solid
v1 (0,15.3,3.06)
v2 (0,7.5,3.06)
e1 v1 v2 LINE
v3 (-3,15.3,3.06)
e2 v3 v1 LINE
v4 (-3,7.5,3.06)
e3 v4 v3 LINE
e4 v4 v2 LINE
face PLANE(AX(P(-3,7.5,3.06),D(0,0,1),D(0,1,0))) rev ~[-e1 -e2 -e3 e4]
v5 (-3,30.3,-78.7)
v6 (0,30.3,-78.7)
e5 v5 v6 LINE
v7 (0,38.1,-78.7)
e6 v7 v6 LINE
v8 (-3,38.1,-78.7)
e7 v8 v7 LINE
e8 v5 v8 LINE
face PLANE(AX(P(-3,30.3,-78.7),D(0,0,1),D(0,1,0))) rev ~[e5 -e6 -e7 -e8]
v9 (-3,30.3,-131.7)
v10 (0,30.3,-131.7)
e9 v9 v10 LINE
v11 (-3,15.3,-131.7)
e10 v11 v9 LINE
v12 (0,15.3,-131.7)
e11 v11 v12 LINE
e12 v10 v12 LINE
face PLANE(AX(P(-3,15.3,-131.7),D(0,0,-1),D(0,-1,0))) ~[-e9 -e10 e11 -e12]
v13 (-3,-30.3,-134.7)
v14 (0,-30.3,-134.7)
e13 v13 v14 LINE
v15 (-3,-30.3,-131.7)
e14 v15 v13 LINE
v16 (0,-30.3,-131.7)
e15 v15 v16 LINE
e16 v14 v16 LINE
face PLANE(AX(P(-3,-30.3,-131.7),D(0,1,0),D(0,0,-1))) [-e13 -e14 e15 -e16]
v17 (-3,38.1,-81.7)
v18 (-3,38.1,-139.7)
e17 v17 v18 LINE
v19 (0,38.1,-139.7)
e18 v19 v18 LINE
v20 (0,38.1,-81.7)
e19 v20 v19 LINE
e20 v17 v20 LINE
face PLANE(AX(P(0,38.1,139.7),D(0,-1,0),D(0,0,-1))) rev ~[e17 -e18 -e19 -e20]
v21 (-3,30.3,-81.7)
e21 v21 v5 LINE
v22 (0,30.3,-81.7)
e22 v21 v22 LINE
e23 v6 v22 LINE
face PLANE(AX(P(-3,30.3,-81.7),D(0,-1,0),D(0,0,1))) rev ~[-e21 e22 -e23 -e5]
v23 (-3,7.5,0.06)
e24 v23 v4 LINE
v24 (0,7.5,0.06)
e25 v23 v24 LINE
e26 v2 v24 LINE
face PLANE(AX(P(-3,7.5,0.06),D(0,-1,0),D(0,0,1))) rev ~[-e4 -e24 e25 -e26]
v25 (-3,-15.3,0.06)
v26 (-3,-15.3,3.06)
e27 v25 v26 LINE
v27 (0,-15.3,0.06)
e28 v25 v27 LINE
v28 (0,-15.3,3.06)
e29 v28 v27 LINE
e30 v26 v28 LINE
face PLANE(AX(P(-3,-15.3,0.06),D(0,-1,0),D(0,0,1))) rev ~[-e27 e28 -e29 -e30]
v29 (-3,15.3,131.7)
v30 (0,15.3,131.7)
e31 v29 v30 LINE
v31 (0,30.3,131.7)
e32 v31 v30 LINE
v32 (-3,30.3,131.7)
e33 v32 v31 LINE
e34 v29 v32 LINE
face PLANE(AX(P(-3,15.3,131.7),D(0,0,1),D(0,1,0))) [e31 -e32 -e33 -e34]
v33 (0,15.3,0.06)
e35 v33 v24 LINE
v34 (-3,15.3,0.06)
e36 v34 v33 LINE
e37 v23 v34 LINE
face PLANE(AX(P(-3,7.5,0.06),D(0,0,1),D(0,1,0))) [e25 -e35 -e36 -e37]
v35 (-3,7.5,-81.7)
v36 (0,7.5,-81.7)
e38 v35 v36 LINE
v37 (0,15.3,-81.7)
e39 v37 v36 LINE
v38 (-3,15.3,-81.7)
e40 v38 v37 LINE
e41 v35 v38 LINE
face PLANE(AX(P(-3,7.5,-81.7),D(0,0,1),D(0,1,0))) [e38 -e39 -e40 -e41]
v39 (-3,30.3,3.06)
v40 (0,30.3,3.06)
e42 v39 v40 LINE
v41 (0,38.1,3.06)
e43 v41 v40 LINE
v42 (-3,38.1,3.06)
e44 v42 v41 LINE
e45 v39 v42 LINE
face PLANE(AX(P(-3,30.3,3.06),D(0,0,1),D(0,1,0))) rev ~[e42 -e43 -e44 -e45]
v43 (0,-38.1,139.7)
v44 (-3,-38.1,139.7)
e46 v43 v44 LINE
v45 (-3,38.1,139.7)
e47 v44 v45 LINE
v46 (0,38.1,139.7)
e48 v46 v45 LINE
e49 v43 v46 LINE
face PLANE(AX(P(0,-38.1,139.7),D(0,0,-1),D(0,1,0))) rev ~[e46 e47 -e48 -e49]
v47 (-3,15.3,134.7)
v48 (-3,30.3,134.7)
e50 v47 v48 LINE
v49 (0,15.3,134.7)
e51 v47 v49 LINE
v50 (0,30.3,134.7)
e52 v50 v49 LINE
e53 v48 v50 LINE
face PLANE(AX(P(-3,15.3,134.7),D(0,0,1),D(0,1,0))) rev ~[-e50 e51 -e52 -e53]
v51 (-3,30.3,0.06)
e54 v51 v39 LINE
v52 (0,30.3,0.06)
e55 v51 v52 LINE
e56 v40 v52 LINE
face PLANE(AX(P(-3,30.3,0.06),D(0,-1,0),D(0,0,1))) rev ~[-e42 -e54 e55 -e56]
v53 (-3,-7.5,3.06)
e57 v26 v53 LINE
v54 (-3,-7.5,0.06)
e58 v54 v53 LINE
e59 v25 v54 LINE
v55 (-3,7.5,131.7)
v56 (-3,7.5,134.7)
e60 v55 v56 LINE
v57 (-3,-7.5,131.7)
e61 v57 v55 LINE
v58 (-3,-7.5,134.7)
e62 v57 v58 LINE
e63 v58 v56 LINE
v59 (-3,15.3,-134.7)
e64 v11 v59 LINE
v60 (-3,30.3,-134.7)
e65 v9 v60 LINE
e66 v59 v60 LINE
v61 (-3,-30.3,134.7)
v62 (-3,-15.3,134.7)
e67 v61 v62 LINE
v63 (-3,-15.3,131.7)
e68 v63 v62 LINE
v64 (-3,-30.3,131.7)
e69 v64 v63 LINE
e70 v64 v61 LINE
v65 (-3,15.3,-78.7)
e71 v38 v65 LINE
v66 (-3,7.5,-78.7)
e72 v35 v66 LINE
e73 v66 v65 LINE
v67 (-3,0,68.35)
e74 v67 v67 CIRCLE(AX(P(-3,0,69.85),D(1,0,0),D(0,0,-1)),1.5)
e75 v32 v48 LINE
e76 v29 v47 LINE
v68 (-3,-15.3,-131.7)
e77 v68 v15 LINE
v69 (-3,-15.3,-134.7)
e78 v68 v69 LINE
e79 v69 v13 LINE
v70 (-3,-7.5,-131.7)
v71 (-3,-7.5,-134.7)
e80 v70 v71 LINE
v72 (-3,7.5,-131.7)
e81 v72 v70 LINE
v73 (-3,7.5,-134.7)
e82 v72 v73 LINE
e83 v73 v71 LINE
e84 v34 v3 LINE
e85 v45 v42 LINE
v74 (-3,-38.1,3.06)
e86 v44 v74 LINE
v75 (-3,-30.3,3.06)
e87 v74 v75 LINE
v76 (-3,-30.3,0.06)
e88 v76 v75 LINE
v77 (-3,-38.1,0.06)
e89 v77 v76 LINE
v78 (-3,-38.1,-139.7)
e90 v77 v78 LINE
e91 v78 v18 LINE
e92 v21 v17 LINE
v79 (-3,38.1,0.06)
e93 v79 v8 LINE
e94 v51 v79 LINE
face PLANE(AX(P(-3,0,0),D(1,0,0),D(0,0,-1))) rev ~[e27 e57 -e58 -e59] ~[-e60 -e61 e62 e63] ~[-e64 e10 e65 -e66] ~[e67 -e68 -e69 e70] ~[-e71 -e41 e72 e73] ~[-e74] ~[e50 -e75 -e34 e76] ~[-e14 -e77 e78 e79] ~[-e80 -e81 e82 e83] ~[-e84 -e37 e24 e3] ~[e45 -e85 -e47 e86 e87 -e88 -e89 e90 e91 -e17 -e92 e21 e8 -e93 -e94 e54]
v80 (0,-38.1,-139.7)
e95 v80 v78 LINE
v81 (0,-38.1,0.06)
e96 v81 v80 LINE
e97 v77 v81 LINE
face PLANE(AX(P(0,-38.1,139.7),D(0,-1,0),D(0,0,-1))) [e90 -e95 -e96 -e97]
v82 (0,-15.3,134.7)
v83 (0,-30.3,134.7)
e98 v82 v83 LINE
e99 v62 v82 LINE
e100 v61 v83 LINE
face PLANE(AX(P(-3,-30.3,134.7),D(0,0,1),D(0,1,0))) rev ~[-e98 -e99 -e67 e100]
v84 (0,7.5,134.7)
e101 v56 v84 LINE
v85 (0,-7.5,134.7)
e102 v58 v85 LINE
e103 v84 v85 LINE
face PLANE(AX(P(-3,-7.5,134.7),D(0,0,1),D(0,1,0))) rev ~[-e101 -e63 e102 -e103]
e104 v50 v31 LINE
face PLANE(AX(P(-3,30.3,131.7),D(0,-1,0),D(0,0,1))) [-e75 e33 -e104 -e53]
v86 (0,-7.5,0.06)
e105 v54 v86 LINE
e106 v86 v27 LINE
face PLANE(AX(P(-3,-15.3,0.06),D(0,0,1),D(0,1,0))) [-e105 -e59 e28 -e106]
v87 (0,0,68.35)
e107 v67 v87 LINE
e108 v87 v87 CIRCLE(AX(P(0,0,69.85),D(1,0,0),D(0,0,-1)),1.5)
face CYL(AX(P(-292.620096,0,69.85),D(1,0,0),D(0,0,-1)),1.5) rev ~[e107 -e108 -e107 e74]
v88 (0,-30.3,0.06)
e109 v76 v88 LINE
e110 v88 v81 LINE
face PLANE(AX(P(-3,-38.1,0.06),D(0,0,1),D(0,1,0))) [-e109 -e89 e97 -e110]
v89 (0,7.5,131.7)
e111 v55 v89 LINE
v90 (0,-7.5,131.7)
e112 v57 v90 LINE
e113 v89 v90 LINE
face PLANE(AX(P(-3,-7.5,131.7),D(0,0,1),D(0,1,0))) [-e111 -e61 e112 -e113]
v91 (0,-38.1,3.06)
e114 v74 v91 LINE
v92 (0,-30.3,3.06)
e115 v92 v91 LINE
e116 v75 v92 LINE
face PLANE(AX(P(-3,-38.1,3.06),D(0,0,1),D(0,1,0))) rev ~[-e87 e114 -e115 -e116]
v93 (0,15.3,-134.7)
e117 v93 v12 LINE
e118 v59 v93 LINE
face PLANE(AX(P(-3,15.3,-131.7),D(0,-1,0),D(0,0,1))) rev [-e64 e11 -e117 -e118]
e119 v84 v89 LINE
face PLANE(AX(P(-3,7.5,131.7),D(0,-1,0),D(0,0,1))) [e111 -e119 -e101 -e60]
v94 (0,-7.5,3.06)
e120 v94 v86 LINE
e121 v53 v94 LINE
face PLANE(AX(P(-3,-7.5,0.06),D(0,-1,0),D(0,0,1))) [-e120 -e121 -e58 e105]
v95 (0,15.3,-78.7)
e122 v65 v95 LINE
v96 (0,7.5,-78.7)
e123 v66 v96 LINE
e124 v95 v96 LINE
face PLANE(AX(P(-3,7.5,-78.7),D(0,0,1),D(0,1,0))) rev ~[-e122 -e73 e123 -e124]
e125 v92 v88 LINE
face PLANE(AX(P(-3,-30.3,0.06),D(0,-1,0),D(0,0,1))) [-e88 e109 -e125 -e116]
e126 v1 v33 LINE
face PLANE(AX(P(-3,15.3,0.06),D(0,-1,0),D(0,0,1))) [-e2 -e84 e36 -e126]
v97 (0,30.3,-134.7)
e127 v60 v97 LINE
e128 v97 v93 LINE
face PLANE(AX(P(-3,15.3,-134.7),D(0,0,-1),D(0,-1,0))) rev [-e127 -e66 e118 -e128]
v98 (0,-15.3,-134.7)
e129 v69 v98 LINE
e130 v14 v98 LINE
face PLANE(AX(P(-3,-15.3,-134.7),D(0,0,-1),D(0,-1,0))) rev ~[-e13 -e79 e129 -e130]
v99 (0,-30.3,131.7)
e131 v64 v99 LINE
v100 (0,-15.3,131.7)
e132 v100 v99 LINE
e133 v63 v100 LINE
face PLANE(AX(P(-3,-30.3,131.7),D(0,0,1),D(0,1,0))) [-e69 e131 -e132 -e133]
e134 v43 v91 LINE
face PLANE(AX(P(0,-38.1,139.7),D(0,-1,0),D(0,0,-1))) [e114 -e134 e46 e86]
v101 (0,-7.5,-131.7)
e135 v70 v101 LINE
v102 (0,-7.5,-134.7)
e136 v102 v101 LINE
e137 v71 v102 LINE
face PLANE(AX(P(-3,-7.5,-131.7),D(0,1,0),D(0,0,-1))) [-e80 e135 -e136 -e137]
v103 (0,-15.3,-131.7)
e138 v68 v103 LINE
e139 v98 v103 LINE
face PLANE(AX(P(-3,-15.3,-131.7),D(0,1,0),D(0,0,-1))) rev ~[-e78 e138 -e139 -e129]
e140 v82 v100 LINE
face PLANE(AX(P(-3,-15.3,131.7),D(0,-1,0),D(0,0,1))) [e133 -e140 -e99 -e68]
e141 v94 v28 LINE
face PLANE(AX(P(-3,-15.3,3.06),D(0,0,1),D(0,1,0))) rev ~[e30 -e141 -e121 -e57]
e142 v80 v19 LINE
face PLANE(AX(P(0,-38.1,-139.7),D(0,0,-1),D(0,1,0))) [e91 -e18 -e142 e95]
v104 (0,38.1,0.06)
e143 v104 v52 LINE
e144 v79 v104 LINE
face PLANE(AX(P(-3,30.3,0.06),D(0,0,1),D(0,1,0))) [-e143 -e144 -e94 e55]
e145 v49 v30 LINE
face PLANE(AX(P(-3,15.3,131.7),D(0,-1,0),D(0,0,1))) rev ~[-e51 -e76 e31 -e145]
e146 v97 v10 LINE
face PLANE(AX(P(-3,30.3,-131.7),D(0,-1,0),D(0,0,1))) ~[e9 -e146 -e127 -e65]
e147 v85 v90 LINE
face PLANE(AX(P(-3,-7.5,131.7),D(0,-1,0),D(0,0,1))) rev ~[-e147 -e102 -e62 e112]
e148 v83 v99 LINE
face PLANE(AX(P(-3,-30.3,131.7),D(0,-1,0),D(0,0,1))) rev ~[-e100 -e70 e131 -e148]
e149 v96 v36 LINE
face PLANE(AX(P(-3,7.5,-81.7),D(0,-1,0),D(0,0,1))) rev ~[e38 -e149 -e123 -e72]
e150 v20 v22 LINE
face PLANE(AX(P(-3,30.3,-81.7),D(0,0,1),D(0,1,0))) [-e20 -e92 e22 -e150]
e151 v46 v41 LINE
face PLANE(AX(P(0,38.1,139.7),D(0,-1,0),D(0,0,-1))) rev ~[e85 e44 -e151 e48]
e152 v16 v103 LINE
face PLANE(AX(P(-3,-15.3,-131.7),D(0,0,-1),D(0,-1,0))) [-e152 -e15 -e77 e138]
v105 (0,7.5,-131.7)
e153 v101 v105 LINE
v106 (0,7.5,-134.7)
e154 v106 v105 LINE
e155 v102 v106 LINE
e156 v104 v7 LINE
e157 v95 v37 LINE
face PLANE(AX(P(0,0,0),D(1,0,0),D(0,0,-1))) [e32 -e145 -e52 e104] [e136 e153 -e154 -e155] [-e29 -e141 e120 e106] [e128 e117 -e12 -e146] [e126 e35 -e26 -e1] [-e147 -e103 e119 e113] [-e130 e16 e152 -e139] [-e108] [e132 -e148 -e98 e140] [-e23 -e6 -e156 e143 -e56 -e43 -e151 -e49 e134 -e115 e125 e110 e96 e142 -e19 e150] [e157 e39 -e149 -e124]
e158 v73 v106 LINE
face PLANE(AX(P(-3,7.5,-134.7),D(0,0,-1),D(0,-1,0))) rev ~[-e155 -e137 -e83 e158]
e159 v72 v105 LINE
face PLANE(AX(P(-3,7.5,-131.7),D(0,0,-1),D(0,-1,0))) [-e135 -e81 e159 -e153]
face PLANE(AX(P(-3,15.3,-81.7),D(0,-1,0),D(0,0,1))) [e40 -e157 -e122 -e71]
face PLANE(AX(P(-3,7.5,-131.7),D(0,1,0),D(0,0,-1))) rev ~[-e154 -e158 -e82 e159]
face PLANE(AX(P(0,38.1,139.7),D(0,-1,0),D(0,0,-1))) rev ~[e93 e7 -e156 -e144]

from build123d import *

# Parameters (mm, degrees)
SKETCH1_W                       = 279.4
SKETCH1_H                       = 76.2
BOSS_EXTRUDE1_DEPTH             = 3
SKETCH3_W                       = 3
SKETCH3_H                       = 15
CUT_EXTRUDE1_DEPTH              = 145.833352512
LPATTERN1_COUNT                 = 3
LPATTERN1_PITCH                 = 22.8
MIRROR1_COPY_1_SKETCH_W         = 3
MIRROR1_COPY_1_SKETCH_H         = 15
MIRROR1_COPY_1_DEPTH            = 145.833352512
MIRROR1_COPY_2_SKETCH_W         = 3
MIRROR1_COPY_2_SKETCH_H         = 15
MIRROR1_COPY_2_DEPTH            = 145.833352512
F_3_0MM_CLEARANCE_DOWEL_HOLE1_D = 3
SKETCH6_W                       = 3
SKETCH6_H                       = 7.8
CUT_EXTRUDE2_DEPTH              = 145.833352512
LPATTERN2_COUNT                 = 4
LPATTERN2_PITCH                 = 22.8
SKETCH7_W                       = 3
SKETCH7_H                       = 7.8
CUT_EXTRUDE3_DEPTH              = 10
LPATTERN3_COUNT                 = 2
LPATTERN3_PITCH                 = 22.8


with BuildPart() as part:
    # Sketch1 → Boss-Extrude1 (new body)
    with BuildSketch(Plane(origin=(0, 0, 0), x_dir=(0, 0, -1), z_dir=(1, 0, 0))):
        Rectangle(SKETCH1_W, SKETCH1_H)
    extrude(amount=-BOSS_EXTRUDE1_DEPTH)

    # Sketch3 → Cut-Extrude1 (cut, through all)
    with BuildSketch(Plane.ZY.offset(3)):
        with Locations((133.2, 22.8)):
            Rectangle(SKETCH3_W, SKETCH3_H)
    cut_extrude1 = extrude(amount=-CUT_EXTRUDE1_DEPTH, mode=Mode.SUBTRACT)

    # LPattern1: Cut-Extrude1 ×3
    with Locations(*[(0, -i * LPATTERN1_PITCH, 0) for i in range(1, LPATTERN1_COUNT)]):
        add(cut_extrude1, mode=Mode.SUBTRACT)

    # Mirror1: Cut-Extrude1 across plane
    add(cut_extrude1.mirror(Plane.XY), mode=Mode.SUBTRACT)

    # Mirror1 copy 1 sketch → Mirror1 copy 1 (cut, through all)
    with BuildSketch(Plane(origin=(-3, -22.8, 0), x_dir=(0, 0, -1), z_dir=(-1, 0, 0))):
        with Locations((133.2, -22.8)):
            Rectangle(MIRROR1_COPY_1_SKETCH_W, MIRROR1_COPY_1_SKETCH_H)
    extrude(amount=-MIRROR1_COPY_1_DEPTH, mode=Mode.SUBTRACT)

    # Mirror1 copy 2 sketch → Mirror1 copy 2 (cut, through all)
    with BuildSketch(Plane(origin=(-3, -45.6, 0), x_dir=(0, 0, -1), z_dir=(-1, 0, 0))):
        with Locations((133.2, -22.8)):
            Rectangle(MIRROR1_COPY_2_SKETCH_W, MIRROR1_COPY_2_SKETCH_H)
    extrude(amount=-MIRROR1_COPY_2_DEPTH, mode=Mode.SUBTRACT)

    # Ø3.0mm Clearance Dowel Hole1 (through all)
    with Locations(Plane.ZY.offset(3)):
        with Locations((69.85, 0)):
            Hole(F_3_0MM_CLEARANCE_DOWEL_HOLE1_D / 2)

    # Sketch6 → Cut-Extrude2 (cut, through all)
    with BuildSketch(Plane.ZY.offset(3)):
        with Locations((1.56, 34.2)):
            Rectangle(SKETCH6_W, SKETCH6_H)
    cut_extrude2 = extrude(amount=-CUT_EXTRUDE2_DEPTH, mode=Mode.SUBTRACT)

    # LPattern2: Cut-Extrude2 ×4
    with Locations(*[(0, -i * LPATTERN2_PITCH, 0) for i in range(1, LPATTERN2_COUNT)]):
        add(cut_extrude2, mode=Mode.SUBTRACT)

    # Sketch7 → Cut-Extrude3 (cut)
    with BuildSketch(Plane.ZY.offset(3)):
        with Locations((-80.2, 34.2)):
            Rectangle(SKETCH7_W, SKETCH7_H)
    cut_extrude3 = extrude(amount=-CUT_EXTRUDE3_DEPTH, mode=Mode.SUBTRACT)

    # LPattern3: Cut-Extrude3 ×2
    with Locations(*[(0, -i * LPATTERN3_PITCH, 0) for i in range(1, LPATTERN3_COUNT)]):
        add(cut_extrude3, mode=Mode.SUBTRACT)


solid = part.part
